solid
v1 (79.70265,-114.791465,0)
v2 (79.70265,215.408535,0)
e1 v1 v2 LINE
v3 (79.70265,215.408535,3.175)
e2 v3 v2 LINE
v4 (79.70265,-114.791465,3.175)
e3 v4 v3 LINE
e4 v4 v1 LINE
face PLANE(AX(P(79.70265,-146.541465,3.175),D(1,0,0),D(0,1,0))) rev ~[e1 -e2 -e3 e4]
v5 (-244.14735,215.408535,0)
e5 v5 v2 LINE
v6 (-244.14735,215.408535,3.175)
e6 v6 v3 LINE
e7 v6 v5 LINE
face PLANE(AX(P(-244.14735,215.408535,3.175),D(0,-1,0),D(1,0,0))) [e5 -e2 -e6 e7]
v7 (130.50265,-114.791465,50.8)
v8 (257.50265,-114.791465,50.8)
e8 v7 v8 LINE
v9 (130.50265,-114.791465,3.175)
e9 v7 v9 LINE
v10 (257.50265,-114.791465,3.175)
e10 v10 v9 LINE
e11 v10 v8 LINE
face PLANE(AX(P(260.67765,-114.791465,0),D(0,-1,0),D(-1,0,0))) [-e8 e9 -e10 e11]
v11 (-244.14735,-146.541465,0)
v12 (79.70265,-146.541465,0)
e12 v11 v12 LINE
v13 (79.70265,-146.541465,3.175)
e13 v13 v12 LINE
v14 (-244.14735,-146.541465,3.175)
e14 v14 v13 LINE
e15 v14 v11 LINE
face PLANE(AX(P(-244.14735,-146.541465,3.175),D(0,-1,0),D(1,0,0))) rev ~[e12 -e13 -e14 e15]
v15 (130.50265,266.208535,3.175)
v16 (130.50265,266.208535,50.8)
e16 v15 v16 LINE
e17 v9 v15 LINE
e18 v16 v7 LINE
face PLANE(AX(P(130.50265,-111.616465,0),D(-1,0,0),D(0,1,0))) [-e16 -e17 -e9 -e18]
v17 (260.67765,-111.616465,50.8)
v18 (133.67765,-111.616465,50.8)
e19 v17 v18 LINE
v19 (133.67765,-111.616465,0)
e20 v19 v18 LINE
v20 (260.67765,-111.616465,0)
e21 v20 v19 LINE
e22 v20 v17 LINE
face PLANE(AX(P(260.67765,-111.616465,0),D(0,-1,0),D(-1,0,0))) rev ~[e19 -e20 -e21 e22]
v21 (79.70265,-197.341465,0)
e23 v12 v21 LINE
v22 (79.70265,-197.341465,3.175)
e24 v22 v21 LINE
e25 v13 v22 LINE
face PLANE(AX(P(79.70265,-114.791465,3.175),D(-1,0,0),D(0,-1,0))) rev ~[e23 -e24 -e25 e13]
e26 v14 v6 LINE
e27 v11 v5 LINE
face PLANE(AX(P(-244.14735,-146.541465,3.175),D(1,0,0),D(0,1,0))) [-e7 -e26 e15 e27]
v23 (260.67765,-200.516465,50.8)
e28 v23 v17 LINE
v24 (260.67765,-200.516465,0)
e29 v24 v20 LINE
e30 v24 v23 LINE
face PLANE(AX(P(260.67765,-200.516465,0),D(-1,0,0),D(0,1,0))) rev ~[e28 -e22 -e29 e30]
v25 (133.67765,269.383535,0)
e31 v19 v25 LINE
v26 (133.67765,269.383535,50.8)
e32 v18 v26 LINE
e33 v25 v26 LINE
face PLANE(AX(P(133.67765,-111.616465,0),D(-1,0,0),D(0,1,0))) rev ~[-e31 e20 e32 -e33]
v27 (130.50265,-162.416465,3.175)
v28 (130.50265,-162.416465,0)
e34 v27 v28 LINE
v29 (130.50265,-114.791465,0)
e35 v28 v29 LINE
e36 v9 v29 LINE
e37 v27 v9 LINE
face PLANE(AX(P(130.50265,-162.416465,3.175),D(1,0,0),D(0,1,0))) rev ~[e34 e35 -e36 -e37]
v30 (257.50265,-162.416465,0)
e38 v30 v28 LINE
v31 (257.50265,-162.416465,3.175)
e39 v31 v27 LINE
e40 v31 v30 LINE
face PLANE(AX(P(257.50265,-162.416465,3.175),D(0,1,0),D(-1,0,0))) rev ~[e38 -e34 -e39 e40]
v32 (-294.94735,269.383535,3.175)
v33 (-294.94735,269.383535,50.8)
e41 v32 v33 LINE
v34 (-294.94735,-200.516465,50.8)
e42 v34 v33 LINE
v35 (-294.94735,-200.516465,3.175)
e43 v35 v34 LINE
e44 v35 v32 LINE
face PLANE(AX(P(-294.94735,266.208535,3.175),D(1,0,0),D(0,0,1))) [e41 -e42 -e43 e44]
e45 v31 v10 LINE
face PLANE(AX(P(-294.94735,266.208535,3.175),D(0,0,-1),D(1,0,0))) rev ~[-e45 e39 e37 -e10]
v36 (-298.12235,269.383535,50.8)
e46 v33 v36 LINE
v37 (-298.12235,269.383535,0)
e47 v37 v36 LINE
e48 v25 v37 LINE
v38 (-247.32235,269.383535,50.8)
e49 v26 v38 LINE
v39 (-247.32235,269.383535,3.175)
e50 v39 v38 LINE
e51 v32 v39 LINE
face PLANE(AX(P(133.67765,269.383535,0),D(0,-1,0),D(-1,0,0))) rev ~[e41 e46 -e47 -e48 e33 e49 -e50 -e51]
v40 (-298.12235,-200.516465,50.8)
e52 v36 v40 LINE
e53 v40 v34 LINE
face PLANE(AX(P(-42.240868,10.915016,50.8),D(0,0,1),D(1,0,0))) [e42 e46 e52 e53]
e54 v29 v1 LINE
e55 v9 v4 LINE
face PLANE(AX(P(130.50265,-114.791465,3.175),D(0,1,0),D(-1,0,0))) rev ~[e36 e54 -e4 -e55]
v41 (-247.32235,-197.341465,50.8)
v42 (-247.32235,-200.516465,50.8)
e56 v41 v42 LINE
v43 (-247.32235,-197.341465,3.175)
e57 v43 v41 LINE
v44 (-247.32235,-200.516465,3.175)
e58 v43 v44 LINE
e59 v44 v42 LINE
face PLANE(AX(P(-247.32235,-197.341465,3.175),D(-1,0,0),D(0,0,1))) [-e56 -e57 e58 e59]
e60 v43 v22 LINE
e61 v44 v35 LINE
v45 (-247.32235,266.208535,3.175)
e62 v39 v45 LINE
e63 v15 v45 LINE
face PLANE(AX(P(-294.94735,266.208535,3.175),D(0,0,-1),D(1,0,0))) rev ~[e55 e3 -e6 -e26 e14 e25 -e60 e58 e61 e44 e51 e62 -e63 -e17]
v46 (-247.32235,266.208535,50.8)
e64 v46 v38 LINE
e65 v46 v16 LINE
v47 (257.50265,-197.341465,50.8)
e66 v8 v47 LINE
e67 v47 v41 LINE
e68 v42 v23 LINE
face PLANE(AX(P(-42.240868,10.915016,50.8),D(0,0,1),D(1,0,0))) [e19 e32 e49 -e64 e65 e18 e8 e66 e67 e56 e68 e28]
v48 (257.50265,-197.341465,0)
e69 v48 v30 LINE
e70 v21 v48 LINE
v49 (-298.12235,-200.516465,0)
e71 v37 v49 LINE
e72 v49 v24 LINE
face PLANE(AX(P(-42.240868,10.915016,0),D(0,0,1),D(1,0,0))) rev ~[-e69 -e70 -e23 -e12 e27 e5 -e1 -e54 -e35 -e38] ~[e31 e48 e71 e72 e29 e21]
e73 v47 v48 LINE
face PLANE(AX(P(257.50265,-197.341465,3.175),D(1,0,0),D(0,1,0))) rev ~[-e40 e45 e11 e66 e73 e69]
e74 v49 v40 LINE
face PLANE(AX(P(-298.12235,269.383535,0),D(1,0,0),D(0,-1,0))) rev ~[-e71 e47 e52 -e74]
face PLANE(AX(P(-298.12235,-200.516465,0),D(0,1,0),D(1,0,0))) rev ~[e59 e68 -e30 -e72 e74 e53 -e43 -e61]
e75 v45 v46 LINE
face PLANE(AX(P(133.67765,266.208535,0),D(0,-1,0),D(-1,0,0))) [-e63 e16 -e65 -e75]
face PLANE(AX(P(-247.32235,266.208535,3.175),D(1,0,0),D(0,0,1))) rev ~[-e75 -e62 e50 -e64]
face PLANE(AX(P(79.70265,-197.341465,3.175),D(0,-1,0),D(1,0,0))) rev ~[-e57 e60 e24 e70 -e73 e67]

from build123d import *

# Parameters (mm, degrees)
F1_DEPTH  = 50.8
F2_T      = -3.175
F3_W      = 323.85
F3_H      = 361.95
F4_DEPTH  = 25.4
F5_W      = 47.625
F5_H      = 47.625
F6_DEPTH  = 254
F7_W      = 47.625
F7_H      = 47.625
F8_DEPTH  = 25.4
F10_DEPTH = 25.4


with BuildPart() as f1:
    # F0 (on Top) → F1 (new body)
    with BuildSketch(Plane.XY):
        Polygon((-298.1223497814, 269.3835347245), (-298.1223497814, 0), (-298.1223497814, -200.5164652755), (260.6776502186, -200.5164652755), (260.6776502186, -111.6164652755), (133.6776502186, -111.6164652755), (133.6776502186, 269.3835347245), align=None)
    extrude(amount=F1_DEPTH)

    # F2
    f2_openings = [f1.faces().sort_by_distance(p)[0] for p in [
        (-67.49494, 24.392119, 50.8),
    ]]
    offset(amount=F2_T, openings=f2_openings, kind=Kind.INTERSECTION)

    # F3 (on face) → F4 (cut)
    with BuildSketch(Plane.XY.offset(3.175)):
        with Locations((-82.2223497814, 34.4335347245)):
            Rectangle(F3_W, F3_H)
    extrude(amount=-F4_DEPTH, mode=Mode.SUBTRACT)

    # F5 (on face) → F6 (cut, symmetric)
    with BuildSketch(Plane.XZ.offset(-266.2085347245)):
        with Locations((-271.1348497814, 26.9875)):
            Rectangle(F5_W, F5_H)
    extrude(amount=F6_DEPTH, both=True, mode=Mode.SUBTRACT)

    # F7 (on face) → F8 (cut)
    with BuildSketch(Plane(origin=(0, -197.3414652755, 0), x_dir=(-1, 0, 0), z_dir=(0, 1, 0))):
        with Locations((271.1348497814, 26.9875)):
            Rectangle(F7_W, F7_H)
    extrude(amount=-F8_DEPTH, mode=Mode.SUBTRACT)

    # F9 (on face) → F10 (cut)
    with BuildSketch(Plane.XY.offset(3.175)):
        Polygon((130.5026502186, -162.4164652755), (130.5026502186, -114.7914652755), (79.7026502186, -114.7914652755), (79.7026502186, -197.3414652755), (257.5026502186, -197.3414652755), (257.5026502186, -162.4164652755), align=None)
    extrude(amount=-F10_DEPTH, mode=Mode.SUBTRACT)


solid = f1.part
